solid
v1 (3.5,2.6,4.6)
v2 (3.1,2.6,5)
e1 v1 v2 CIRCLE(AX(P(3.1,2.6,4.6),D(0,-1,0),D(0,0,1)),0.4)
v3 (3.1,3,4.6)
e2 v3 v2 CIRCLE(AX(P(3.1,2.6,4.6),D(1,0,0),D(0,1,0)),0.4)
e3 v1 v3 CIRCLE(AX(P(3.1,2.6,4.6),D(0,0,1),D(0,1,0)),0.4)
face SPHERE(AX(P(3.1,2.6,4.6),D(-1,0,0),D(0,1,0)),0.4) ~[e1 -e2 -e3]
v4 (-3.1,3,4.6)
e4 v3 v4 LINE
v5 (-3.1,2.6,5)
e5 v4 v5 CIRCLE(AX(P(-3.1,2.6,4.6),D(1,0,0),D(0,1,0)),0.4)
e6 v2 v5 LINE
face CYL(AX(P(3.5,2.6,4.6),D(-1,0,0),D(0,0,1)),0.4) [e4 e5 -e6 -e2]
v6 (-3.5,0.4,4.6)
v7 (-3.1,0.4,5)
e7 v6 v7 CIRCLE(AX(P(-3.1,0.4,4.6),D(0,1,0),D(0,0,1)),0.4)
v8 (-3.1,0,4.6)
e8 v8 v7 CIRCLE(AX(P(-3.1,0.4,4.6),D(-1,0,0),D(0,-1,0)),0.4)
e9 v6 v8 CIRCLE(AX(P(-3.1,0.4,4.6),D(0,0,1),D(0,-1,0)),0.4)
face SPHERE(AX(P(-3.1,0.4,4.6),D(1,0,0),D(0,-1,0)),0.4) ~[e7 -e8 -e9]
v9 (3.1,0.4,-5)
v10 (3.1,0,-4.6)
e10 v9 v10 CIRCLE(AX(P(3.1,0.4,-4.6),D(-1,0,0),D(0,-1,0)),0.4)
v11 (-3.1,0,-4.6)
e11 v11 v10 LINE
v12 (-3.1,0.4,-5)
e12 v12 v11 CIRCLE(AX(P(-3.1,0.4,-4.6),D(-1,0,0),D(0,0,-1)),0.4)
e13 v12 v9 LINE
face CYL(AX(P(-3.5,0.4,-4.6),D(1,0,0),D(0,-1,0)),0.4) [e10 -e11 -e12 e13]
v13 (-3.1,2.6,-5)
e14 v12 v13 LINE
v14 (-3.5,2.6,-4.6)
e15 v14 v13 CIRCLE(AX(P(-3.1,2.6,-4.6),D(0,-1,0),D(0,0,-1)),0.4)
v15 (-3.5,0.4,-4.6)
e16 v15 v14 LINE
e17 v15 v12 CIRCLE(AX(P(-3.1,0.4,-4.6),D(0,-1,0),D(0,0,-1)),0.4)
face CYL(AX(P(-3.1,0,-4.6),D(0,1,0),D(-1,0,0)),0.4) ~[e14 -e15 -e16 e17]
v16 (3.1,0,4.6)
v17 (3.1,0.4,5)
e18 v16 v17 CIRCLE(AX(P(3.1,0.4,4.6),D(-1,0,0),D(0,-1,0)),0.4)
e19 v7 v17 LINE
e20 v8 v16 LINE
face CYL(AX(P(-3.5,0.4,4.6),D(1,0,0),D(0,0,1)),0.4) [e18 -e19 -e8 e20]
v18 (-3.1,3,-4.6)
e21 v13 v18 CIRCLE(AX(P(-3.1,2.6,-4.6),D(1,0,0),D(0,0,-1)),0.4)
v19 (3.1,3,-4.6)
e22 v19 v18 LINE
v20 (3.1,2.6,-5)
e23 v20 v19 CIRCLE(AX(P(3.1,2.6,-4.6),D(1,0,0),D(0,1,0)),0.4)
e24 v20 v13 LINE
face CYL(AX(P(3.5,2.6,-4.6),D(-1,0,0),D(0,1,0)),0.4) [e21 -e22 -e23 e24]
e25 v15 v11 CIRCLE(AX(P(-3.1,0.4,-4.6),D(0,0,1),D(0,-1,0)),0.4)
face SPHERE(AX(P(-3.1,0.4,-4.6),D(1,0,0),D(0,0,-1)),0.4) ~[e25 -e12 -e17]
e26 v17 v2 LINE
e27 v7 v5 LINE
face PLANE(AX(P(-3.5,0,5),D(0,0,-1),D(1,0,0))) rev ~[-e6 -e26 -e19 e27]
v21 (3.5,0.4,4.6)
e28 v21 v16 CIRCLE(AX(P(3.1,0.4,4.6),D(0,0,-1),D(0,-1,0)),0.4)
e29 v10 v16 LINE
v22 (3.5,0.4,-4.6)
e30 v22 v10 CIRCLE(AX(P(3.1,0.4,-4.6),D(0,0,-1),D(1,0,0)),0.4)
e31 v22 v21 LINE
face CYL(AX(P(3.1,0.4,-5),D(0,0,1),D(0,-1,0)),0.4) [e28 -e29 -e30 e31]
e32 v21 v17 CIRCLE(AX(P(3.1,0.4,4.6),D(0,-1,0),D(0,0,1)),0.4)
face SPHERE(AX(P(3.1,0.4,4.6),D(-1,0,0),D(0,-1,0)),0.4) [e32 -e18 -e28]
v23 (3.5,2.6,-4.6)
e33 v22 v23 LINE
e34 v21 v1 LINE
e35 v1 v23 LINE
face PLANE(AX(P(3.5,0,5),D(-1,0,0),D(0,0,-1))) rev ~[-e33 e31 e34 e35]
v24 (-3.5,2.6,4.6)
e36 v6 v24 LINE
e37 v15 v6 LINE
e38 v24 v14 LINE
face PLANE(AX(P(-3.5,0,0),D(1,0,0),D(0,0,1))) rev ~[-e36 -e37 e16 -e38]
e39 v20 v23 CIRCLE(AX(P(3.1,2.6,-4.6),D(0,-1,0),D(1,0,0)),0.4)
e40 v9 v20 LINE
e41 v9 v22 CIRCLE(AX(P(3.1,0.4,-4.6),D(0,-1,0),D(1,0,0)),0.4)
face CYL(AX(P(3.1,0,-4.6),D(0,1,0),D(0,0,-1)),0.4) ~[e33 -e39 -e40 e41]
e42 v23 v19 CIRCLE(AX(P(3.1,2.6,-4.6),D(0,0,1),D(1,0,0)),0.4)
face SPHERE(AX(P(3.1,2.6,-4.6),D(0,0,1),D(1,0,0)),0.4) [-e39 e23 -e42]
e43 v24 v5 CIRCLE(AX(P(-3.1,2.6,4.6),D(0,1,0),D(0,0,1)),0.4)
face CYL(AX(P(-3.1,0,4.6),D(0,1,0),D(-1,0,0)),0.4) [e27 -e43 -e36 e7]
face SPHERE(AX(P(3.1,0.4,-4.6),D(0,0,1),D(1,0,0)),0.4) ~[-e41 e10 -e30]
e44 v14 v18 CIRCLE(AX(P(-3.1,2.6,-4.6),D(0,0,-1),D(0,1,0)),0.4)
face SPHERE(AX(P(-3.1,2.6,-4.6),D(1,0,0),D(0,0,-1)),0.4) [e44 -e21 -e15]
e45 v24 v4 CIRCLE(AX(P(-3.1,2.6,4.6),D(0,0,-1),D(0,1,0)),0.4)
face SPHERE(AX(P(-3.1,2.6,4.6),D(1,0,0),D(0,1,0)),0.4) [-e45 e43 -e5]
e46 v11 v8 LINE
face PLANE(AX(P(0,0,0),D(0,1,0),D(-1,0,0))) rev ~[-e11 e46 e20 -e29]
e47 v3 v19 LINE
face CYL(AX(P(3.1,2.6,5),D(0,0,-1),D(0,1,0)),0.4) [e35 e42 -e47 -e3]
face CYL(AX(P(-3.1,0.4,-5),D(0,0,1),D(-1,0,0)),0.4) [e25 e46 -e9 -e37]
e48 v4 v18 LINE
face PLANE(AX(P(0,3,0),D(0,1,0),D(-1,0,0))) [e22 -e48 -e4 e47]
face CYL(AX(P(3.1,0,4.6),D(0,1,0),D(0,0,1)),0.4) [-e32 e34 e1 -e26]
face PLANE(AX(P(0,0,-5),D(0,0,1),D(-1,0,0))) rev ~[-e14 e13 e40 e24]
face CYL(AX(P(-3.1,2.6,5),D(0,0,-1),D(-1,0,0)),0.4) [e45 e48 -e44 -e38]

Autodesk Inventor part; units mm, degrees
ref_plane "YZ Plane" through (0, 0, 0) normal (1, 0, 0) x (0, 1, 0)
ref_plane "XZ Plane" through (0, 0, 0) normal (0, 1, 0) x (-1, 0, 0)
ref_plane "XY Plane" through (0, 0, 0) normal (0, 0, 1) x (1, 0, 0)
sketch "Szkic1" plane through (0, 0, 0) normal (0, 1, 0) x (-1, 0, 0)
  line L0 (3.5, 5) -> (-3.5, 5)
  line L1 (-3.5, 5) -> (-3.5, -5)
  line L2 (-3.5, -5) -> (3.5, -5)
  line L3 (3.5, -5) -> (3.5, 5)
  line L4 (4.9, 0) -> (-4.9, 0) projected
  line L5 (0, -7) -> (0, 7) projected
  point P0 (0, 0)
  point P1 (3.5, 0)
  point P2 (0, 5)
  dimension "d0" = 7
  dimension "d1" = 10
extrude "Wyciągnięcie proste1" add sketch "Szkic1" along normal blind 3
fillet "Zaokrąglenie1" radius 0.4 12 edges at (0, 3, 5) (3.5, 3, 0) (0, 0, 5) (3.5, 0, 0) (3.5, 1.5, 5) (3.5, 1.5, -5) (0, 3, -5) (0, 0, -5) (-3.5, 1.5, -5) (-3.5, 3, 0) (-3.5, 0, 0) (-3.5, 1.5, 5)
equation "\"d0\" = mag_size_x"
equation "\"d1\" = mag_size_z"
equation "\"d2\" = mag_size_y"
equation "\"d4\" = mag_corner_r"
equation "\"stator_r_out\" = 30.15"
equation "\"stator_out_d\" = 3.2"
equation "\"stator_h\" = 45"
equation "\"mag_size_x\" = 7"
equation "\"mag_size_y\" = 3"
equation "\"mag_size_z\" = 10"
equation "\"mag_corner_r\" = 0.4"
equation "\"magnet_ring_d\" = 3.3"
equation "\"magnet_ring_r\" = 26.95"
equation "\"magnet_ring_pocket_mag_size_y\" = 3.1"
equation "\"magnet_ring_pocket_mag_size_x\" = 7.1"
equation "\"magnet_ring_pocket_mag_size_z\" = 10.1"
equation "\"magnet_ring_mag_count\" = 16"
equation "\"magnet_ring_h\" = 36"
equation "\"magnet_ring_pocket_radial_cut\" = 1.4"
equation "\"casing_d\" = 3"
equation "\"casing_r_in\" = 30.15"
equation "\"rotor_core_r\" = 14.97"
equation "\"coil_groove_ang\" = 18"
equation "\"rotor_out_r\" = 22.5"
equation "\"rotor_coil_groove_in_r\" = 17"
equation "\"rotor_coil_groove_ang\" = 18deg"
equation "\"rotor_coil_groove_in_correction_r\" = 18"
equation "\"rotor_plastic_h\" = 32"
equation "\"rotor_teeth_d\" = 1.5"
equation "\"shaft_d\" = 8"
equation "\"insert25m_d\" = 2.9"
equation "\"insert25m_corner\" = 0.5"
equation "\"insert25m_h\" = 7"
equation "\"rotor_plastic_insert_r\" = 37"
equation "\"shaft_lock_1_d\" = 8.1"
equation "\"shaf_lock_1_D\" = 32"
equation "\"shaft_lock_1_D\" = 44"
equation "\"shaft_lock_1_h1\" = 3.5"
equation "\"shaft_lock_1_insert_part_h\" = 8"
equation "\"shaft_lock_1_corner\" = 2"
equation "\"shaft_lock_1_insert_part_a\" = 18"
equation "\"shaft_lock_2_h1\" = 3.5"
equation "\"shaft_lock_2_d\" = 8.1"
equation "\"shaft_lock_2_insert_part_a\" = 18"
equation "\"shaft_lock_2_D\" = 44"
equation "\"shaft_lock_2_corner\" = 2"
equation "\"shaft_lock_2_insert_part_h\" = 7"
equation "\"shaft_lock_2_rotor_insert_grove_d_in\" = 36"
equation "\"shaft_lock_2_rotor_insert_grove_width_out\" = 5.5"
equation "\"shaft_lock_2_rotor_insert_grove_width_in\" = 7.6"
equation "\"shaft_lock_2_rotor_insert_r\" = 37"
equation "\"shaft_lock_2_rotor_insert_screw_d\" = 2.6"
equation "\"insert25m_pocket_d\" = 2.6"
equation "\"insert25m_pocket_D\" = 4.5"
equation "\"insert25m_pocket_nut_h\" = 1.5"
equation "\"insert_m2_pocket_d\" = 2.6"
equation "\"insert_m2_h\" = 7"
equation "\"insert_m2_d\" = 2.9"
equation "\"insert_m2_corner\" = 0.5"
equation "\"insert_m2_pocket_D\" = 4.5"
equation "\"insert_m2_pocket_nut_h\" = 1.5"
equation "\"shaft_lock_1_insert_part_corner\" = 6"
equation "\"shaft_lock_1_insert_part_pos\" = 4"
equation "\"shaft_lock_1_rotor_insert_grove_width_in\" = 7.6"
equation "\"shaft_lock_1_rotor_insert_r\" = 37"
equation "\"shaft_lock_1_rotor_insert_grove_d_in\" = 36"
equation "\"shaft_lock_1_rotor_insert_grove_width_out\" = 5.5"
equation "\"shaft_lock_1_shaft_insert_axial_cut_out_width\" = 12"
equation "\"shaft_lock_1_shaft_insert_axial_cut_in_width\" = 5.4"
equation "\"shaft_lock_1_shaft_insert_corner\" = 2"
equation "\"shaft_lock_1_shaft_insert_corner_finish\" = 0.5"
equation "\"shaft_lock_1_shaft_insert_pos\" = 2.5"
equation "\"shaft_lock_2_shaft_insert_corner\" = 2"
equation "\"shaft_lock_2_shaft_insert_pos\" = 2.5"
equation "\"shaft_lock_2_shaft_insert_axial_cut_in_width\" = 5.4"
equation "\"shaft_lock_2_shaft_insert_axial_cut_out_width\" = 12"
equation "\"shaft_lock_2_shaft_insert_corner_finish\" = 0.5"
equation "\"commutator_plate_D\" = 22"
equation "\"commutator_plastic_d\" = 1"
equation "\"commutator_plastic_h\" = 17"
equation "\"commutator_plate_ang\" = 55deg"
equation "\"commutator_plate_d\" = 1"
equation "\"commutator_plate_h\" = 17"
equation "\"commutator_plastic_shaft_d\" = 8.1"
equation "\"commutator_plastic_insert_cut_deepness\" = 0.5"
equation "\"commutator_plastic_insert_cut_length\" = 6"
equation "\"commutator_plastic_insert_pos\" = 3"
equation "\"commutator_plate_insert_pos\" = 3"
equation "\"casing_lock_hole_r\" = 14.25"
equation "\"casing_lock_h\" = 8"
equation "\"casing_stator_fix_r\" = 23"
equation "\"casing_stator_fix_h\" = 6"
equation "\"magnet_ring_insert_part_lengthen\" = 8"
equation "\"casing_sidebar_length\" = 3"
equation "\"casing_vent_hole_length\" = 4"
equation "\"casing_vent_hole_width\" = 6"
equation "\"sleeve_cup_r\" = 22"
equation "\"sleeve_cup_h\" = 4.5"
equation "\"sleeve_h\" = 7"
equation "\"sleeve_d\" = 3"
equation "\"sleeve_in_r\" = 11.1"
equation "\"casing_head_insert_r\" = 19"
equation "\"sleeve_head_insert_r\" = 19"
equation "\"magnet_ring_insert_part_radius_cut\" = 0.17"
equation "\"magnet_ring_insert_part_axial_flat_cut\" = 0.17"
equation "\"magnet_ring_insert_pos\" = 4"
equation "\"casing_radial_stator_insert_pos\" = 18.1"
equation "\"stator_radial_screw_d\" = 4"
equation "\"stator_radial_screw_pos\" = 4"
equation "\"rotor_sleeve_out_D\" = 10.5"
equation "\"rotor_sleeve_in_D\" = 8.15"
equation "\"rotor_sleeve_h\" = 32"
equation "\"carbon_brush_batt_h\" = 8"
equation "\"carbon_brush_batt_d\" = 4"
equation "\"brush_cart_outer_holder_width\" = 5.5"
equation "\"brush_cart_outer_holder_arc_r\" = 33.15"
equation "\"brush_cart_outer_holder_arc_pos\" = 1.5"
equation "\"casing_cart_hole_corner\" = 1"
equation "\"casing_cart_hole_width\" = 2.6"
equation "\"casing_cart_hole_ang\" = 90deg"
equation "\"brush_holder_batt_arc_r\" = 30.15"
equation "\"brush_holder_batt_width\" = 16"
equation "\"brush_holder_batt_insert_flat_depth\" = 6"
equation "\"brush_holder_batt_insert_flat_length\" = 6"
properties part number "stator_magnet"
